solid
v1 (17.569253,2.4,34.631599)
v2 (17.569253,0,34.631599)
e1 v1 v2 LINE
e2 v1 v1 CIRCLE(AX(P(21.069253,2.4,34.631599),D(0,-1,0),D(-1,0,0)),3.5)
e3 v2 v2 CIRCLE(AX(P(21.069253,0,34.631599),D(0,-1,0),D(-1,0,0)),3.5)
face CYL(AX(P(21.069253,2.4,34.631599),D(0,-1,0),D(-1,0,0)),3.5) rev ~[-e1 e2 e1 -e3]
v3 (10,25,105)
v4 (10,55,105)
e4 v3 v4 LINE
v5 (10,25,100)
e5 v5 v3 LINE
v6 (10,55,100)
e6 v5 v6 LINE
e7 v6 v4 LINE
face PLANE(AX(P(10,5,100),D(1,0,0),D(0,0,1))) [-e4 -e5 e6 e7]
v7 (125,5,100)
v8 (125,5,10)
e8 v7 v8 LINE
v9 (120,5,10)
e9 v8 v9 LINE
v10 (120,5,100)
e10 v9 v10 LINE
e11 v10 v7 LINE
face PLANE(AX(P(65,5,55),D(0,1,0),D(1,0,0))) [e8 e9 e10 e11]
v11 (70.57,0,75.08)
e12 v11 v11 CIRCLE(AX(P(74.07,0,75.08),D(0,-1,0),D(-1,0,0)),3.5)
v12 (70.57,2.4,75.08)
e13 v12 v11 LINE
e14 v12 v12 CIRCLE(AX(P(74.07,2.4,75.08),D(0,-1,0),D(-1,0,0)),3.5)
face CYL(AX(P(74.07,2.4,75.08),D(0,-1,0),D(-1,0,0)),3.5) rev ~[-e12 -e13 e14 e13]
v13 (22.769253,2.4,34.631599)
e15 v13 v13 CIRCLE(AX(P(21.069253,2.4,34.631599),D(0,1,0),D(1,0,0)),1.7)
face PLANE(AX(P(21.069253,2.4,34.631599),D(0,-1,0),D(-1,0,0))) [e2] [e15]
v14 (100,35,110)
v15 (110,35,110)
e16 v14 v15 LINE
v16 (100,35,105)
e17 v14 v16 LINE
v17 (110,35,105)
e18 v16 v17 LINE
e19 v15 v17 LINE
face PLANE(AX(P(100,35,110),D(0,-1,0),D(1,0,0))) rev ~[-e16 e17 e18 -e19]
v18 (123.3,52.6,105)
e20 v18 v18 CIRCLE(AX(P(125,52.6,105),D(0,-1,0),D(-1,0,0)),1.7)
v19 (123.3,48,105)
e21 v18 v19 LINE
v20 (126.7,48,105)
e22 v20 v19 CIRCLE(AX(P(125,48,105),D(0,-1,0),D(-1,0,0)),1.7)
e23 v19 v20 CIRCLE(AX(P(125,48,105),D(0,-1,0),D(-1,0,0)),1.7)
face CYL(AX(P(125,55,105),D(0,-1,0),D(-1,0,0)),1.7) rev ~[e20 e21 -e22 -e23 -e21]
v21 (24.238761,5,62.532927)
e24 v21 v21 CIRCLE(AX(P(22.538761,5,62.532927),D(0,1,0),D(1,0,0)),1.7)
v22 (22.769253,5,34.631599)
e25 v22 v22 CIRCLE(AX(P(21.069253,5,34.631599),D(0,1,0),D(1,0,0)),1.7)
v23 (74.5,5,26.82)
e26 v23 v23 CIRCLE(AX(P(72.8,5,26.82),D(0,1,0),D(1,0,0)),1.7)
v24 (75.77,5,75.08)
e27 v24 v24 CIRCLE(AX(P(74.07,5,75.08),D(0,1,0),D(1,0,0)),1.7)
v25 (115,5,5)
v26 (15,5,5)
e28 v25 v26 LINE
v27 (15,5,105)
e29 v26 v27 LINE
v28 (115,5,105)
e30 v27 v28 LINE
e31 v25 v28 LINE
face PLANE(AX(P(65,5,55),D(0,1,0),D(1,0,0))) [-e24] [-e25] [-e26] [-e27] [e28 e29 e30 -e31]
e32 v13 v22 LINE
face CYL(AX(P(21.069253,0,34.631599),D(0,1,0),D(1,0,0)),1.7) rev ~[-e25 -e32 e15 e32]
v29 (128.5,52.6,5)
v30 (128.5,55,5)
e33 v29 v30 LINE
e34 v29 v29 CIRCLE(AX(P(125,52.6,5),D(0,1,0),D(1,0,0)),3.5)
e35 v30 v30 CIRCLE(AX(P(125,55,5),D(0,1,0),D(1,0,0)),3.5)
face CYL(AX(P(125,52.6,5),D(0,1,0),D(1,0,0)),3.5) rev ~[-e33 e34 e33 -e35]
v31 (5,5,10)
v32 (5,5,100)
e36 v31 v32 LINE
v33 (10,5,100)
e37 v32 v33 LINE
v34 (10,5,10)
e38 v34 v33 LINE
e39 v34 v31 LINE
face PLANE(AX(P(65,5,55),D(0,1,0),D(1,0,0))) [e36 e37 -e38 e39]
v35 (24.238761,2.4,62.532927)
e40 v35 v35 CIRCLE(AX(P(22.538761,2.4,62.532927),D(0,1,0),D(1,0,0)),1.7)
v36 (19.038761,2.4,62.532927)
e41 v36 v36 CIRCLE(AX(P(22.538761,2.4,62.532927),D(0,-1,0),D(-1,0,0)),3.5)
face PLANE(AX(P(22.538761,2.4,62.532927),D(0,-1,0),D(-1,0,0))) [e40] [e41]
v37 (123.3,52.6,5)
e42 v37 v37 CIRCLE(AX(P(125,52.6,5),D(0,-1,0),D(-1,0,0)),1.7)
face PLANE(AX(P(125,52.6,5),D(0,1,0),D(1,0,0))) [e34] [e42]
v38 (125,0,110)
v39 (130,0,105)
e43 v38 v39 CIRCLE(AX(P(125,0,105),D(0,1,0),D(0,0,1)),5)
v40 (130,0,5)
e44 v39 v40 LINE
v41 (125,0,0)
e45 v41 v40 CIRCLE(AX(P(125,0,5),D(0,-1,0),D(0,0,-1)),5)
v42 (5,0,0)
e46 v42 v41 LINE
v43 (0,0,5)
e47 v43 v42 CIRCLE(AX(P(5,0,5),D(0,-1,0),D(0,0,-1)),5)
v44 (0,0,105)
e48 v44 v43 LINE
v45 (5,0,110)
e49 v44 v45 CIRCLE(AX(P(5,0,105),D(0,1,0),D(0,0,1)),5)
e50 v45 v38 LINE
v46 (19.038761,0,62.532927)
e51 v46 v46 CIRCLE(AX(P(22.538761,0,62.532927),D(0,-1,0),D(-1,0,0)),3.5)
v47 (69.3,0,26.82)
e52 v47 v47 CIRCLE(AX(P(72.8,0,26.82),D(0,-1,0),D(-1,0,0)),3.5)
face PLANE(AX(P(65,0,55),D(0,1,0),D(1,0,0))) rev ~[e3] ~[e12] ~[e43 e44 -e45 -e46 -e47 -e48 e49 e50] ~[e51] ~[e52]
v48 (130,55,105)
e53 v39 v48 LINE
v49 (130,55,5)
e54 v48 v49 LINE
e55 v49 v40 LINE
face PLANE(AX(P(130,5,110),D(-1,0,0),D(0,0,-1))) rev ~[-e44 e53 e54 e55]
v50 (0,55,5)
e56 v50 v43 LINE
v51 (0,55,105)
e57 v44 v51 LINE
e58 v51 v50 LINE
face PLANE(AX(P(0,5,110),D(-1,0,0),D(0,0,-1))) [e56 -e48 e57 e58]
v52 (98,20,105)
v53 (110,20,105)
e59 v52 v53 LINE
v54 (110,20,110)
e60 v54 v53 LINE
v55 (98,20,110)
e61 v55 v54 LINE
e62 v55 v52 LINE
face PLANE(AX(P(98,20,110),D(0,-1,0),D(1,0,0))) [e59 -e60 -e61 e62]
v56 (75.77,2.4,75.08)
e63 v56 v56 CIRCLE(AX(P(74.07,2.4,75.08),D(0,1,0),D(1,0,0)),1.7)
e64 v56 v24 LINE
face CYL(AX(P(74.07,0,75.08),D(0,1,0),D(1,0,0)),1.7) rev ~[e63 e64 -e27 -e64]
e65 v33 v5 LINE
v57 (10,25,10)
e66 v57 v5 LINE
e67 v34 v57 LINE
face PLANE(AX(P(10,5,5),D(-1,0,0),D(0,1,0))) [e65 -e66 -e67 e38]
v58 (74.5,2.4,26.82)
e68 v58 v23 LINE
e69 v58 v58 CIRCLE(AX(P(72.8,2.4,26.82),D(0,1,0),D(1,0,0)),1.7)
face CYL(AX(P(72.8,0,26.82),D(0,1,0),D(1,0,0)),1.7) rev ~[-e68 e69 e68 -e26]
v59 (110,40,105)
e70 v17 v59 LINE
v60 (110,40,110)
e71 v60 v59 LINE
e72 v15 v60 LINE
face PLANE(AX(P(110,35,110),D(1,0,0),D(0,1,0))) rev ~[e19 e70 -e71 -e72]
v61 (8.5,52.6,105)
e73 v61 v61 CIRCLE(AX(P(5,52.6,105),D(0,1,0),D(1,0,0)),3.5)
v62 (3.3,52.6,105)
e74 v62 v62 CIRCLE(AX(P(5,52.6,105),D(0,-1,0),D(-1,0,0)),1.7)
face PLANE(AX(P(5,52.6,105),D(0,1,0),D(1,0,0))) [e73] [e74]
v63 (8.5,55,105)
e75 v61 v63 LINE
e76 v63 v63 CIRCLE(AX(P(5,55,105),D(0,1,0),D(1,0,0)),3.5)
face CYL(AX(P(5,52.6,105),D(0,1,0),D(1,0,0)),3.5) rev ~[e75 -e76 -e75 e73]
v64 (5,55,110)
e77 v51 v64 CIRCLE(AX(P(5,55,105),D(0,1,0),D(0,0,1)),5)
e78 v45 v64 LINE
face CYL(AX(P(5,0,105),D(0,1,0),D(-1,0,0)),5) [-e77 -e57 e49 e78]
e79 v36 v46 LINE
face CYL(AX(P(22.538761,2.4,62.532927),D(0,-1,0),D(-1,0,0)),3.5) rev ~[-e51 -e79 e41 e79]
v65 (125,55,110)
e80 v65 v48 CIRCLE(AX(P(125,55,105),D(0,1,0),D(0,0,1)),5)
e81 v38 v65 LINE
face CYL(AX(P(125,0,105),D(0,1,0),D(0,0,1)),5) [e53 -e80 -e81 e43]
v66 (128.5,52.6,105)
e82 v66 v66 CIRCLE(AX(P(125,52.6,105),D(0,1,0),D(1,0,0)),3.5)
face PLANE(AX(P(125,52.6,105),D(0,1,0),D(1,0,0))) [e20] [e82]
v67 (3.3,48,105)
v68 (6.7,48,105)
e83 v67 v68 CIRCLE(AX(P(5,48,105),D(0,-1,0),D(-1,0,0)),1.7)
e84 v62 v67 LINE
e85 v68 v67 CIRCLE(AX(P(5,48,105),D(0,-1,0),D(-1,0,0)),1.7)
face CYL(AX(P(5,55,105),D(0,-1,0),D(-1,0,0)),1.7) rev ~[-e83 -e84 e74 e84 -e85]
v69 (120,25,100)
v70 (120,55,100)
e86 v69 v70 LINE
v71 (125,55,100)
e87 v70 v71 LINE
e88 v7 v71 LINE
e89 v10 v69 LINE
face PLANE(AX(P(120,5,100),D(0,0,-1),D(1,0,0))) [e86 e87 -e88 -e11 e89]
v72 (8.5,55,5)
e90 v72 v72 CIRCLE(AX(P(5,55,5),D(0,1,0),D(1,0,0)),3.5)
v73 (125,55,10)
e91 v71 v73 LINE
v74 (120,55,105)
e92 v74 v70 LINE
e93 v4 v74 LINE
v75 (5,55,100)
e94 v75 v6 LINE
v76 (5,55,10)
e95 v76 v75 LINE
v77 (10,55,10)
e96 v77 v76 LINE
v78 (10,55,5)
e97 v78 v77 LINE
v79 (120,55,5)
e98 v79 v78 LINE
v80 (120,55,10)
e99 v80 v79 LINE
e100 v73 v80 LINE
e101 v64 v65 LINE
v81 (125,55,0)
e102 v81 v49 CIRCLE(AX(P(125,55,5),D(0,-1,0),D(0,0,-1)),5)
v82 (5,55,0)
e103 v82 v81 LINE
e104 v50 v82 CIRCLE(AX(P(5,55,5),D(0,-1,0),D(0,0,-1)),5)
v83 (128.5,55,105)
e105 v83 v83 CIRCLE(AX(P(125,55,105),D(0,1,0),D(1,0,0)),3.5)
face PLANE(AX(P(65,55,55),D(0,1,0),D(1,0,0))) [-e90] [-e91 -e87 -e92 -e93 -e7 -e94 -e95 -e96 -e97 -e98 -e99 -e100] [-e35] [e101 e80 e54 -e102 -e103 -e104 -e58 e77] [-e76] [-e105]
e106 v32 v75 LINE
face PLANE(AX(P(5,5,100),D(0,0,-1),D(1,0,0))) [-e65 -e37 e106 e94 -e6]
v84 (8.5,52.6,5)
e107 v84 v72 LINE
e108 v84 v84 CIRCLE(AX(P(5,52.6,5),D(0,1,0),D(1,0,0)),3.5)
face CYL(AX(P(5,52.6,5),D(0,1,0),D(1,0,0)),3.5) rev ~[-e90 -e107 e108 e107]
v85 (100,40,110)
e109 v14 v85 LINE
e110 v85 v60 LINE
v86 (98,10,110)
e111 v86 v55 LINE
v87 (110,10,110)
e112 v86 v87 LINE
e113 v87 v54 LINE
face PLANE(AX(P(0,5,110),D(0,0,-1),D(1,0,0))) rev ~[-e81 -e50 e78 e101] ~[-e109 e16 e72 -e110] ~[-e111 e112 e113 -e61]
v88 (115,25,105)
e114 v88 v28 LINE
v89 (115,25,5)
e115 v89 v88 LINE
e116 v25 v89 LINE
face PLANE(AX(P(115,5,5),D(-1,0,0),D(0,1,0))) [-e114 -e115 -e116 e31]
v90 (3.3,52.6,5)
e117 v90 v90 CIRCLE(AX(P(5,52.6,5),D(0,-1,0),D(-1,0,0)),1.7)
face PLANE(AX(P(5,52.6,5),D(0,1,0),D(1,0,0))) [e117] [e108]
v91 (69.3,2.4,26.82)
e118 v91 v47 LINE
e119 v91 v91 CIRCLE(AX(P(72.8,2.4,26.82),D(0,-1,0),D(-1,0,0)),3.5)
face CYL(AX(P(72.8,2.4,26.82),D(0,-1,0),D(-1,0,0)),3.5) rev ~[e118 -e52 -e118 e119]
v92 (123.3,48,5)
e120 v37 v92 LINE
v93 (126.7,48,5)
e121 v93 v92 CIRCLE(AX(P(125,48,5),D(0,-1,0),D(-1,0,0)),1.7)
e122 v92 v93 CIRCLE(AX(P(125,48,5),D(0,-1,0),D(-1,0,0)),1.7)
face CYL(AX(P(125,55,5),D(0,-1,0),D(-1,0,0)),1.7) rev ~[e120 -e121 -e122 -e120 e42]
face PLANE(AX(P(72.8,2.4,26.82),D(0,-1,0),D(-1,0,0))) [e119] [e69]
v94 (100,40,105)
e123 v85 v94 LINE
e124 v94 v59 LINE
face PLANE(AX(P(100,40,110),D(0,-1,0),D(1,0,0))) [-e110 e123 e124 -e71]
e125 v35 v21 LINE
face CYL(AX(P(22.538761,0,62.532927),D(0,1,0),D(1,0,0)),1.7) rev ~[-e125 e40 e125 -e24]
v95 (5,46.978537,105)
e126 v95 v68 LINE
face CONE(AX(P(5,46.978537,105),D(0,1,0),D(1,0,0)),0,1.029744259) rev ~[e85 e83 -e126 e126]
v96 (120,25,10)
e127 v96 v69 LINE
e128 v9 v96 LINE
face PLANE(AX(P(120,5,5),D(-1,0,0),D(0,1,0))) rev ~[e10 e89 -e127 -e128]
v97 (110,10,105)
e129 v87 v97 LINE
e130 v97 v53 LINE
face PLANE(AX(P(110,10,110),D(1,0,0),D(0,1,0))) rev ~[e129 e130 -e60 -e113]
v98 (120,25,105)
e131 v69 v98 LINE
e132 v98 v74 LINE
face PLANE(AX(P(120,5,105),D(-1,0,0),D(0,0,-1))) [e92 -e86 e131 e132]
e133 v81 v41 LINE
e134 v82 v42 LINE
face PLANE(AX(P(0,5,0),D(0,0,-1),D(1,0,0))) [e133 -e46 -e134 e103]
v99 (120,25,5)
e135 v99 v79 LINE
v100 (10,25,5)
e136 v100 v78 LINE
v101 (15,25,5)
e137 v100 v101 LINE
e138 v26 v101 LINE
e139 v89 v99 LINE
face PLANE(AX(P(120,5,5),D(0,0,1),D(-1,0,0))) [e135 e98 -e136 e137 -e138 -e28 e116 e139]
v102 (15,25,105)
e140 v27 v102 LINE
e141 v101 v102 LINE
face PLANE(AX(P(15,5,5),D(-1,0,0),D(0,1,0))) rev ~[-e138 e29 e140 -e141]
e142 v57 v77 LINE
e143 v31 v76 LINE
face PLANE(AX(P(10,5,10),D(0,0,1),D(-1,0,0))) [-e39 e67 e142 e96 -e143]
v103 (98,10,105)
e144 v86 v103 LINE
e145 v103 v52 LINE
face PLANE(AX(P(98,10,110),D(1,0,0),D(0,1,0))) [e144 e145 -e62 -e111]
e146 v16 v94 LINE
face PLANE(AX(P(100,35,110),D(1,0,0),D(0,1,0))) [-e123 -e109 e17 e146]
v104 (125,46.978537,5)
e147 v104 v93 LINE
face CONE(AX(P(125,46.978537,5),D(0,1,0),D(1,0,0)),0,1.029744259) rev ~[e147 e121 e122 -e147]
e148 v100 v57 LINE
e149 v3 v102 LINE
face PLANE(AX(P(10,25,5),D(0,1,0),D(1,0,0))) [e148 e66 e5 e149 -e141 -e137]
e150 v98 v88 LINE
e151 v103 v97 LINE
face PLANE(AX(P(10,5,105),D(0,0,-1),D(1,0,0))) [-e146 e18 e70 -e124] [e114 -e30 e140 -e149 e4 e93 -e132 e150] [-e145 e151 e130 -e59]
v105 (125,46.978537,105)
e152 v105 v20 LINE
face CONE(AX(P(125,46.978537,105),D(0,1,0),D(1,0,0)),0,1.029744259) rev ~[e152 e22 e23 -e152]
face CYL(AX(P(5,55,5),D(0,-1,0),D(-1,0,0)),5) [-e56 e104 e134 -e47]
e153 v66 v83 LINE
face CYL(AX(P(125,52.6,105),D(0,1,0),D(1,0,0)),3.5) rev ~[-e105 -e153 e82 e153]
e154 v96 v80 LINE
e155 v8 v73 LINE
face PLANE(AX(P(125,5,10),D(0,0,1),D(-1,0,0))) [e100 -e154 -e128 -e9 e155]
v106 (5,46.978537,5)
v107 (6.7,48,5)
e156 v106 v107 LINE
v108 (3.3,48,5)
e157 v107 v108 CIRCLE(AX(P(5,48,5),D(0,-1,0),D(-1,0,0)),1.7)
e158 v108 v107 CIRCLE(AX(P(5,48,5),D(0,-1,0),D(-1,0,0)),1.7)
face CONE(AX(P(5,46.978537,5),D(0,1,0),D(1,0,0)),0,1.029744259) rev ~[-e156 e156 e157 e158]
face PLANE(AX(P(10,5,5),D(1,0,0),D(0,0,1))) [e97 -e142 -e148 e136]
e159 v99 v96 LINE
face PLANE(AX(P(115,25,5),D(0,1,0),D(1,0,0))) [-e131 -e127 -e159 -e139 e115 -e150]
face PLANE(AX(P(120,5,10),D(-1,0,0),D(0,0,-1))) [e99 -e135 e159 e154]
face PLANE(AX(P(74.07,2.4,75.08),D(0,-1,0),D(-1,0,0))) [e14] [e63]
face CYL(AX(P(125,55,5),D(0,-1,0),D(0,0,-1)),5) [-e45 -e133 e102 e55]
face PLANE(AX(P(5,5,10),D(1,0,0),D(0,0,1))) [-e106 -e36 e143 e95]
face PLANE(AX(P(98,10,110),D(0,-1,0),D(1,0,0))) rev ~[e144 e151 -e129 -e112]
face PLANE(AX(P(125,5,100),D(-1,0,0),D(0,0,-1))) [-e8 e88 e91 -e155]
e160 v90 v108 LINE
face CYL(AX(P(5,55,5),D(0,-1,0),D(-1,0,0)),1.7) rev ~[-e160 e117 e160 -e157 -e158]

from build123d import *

# Parameters (mm, degrees)
SKETCH1_W                                        = 130
SKETCH1_H                                        = 110
BOSS_EXTRUDE1_DEPTH                              = 5
SKETCH2_W                                        = 130
SKETCH2_H                                        = 110
BOSS_EXTRUDE2_DEPTH                              = 50
CBORE_FOR_M3_PAN_HEAD_MACHINE_SCREW1_D           = 3.4
CBORE_FOR_M3_PAN_HEAD_MACHINE_SCREW1_DEPTH       = 7
CBORE_FOR_M3_PAN_HEAD_MACHINE_SCREW1_CBORE_D     = 7
CBORE_FOR_M3_PAN_HEAD_MACHINE_SCREW1_CBORE_DEPTH = 2.4
CBORE_FOR_M3_PAN_HEAD_MACHINE_SCREW1_TIP         = 1.021463052
CBORE_FOR_M3_PAN_HEAD_MACHINE_SCREW2_D           = 3.4
CBORE_FOR_M3_PAN_HEAD_MACHINE_SCREW2_DEPTH       = 7
CBORE_FOR_M3_PAN_HEAD_MACHINE_SCREW2_CBORE_D     = 7
CBORE_FOR_M3_PAN_HEAD_MACHINE_SCREW2_CBORE_DEPTH = 2.4
CBORE_FOR_M3_PAN_HEAD_MACHINE_SCREW2_TIP         = 1.021463052
BOSS_EXTRUDE3_REACH                              = 177.926
SKETCH8_W                                        = 5
SKETCH8_H                                        = 20
SKETCH9_W                                        = 5
SKETCH9_H                                        = 20
BOSS_EXTRUDE4_DEPTH                              = 100
CUT_EXTRUDE2_REACH                               = 180.955
SKETCH10_W                                       = 12
SKETCH10_H                                       = 10
CUT_EXTRUDE3_REACH                               = 180.955
SKETCH11_W                                       = 10
SKETCH11_H                                       = 5
FILLET6_R                                        = 5


with BuildPart() as part:
    # Sketch1 → Boss-Extrude1 (new body)
    with BuildSketch(Plane(origin=(0, 0, 0), x_dir=(1, 0, 0), z_dir=(0, 1, 0))):
        with Locations((65, -55)):
            Rectangle(SKETCH1_W, SKETCH1_H)
    extrude(amount=BOSS_EXTRUDE1_DEPTH)

    # Sketch2 → Boss-Extrude2 (add)
    with BuildSketch(Plane(origin=(0, 5, 0), x_dir=(1, 0, 0), z_dir=(0, 1, 0))):
        with Locations((65, -55)):
            Rectangle(SKETCH2_W, SKETCH2_H)
        Polygon((10, -105), (120, -105), (120, -100), (125, -100), (125, -10), (120, -10), (120, -5), (10, -5), (10, -10), (5, -10), (5, -100), (10, -100), align=None, mode=Mode.SUBTRACT)
    extrude(amount=BOSS_EXTRUDE2_DEPTH)

    # CBORE for M3 Pan Head Machine Screw1
    with Locations(Plane(origin=(0, 55, 0), x_dir=(1, 0, 0), z_dir=(0, 1, 0))):
        with Locations((5, -5), (125, -105), (5, -105), (125, -5)):
            CounterBoreHole(CBORE_FOR_M3_PAN_HEAD_MACHINE_SCREW1_D / 2, CBORE_FOR_M3_PAN_HEAD_MACHINE_SCREW1_CBORE_D / 2, CBORE_FOR_M3_PAN_HEAD_MACHINE_SCREW1_CBORE_DEPTH, depth=CBORE_FOR_M3_PAN_HEAD_MACHINE_SCREW1_DEPTH)
            with Locations((0, 0, -(CBORE_FOR_M3_PAN_HEAD_MACHINE_SCREW1_DEPTH + CBORE_FOR_M3_PAN_HEAD_MACHINE_SCREW1_TIP / 2))):  # 118° drill point
                Cone(0, CBORE_FOR_M3_PAN_HEAD_MACHINE_SCREW1_D / 2, CBORE_FOR_M3_PAN_HEAD_MACHINE_SCREW1_TIP, mode=Mode.SUBTRACT)

    # CBORE for M3 Pan Head Machine Screw2
    with Locations(Plane(origin=(0, 0, 0), x_dir=(-1, 0, 0), z_dir=(0, -1, 0))):
        with Locations((-74.07, -75.08), (-72.8, -26.82), (-22.538761246, -62.532927336), (-21.069252595, -34.631598616)):
            CounterBoreHole(CBORE_FOR_M3_PAN_HEAD_MACHINE_SCREW2_D / 2, CBORE_FOR_M3_PAN_HEAD_MACHINE_SCREW2_CBORE_D / 2, CBORE_FOR_M3_PAN_HEAD_MACHINE_SCREW2_CBORE_DEPTH, depth=CBORE_FOR_M3_PAN_HEAD_MACHINE_SCREW2_DEPTH)
            with Locations((0, 0, -(CBORE_FOR_M3_PAN_HEAD_MACHINE_SCREW2_DEPTH + CBORE_FOR_M3_PAN_HEAD_MACHINE_SCREW2_TIP / 2))):  # 118° drill point
                Cone(0, CBORE_FOR_M3_PAN_HEAD_MACHINE_SCREW2_D / 2, CBORE_FOR_M3_PAN_HEAD_MACHINE_SCREW2_TIP, mode=Mode.SUBTRACT)

    # Boss-Extrude3: up to this face of the body (flat: up to its plane)
    boss_extrude3_end = Plane(part.part.faces().sort_by_distance((65, 30, 105))[0])
    # Sketch8 → Boss-Extrude3 (add, up to the picked face)
    with BuildSketch(Plane.XY.offset(5), mode=Mode.PRIVATE) as boss_extrude3_sk1:
        with Locations((117.5, 15)):
            Rectangle(SKETCH8_W, SKETCH8_H)
    boss_extrude3_tool1 = split(extrude(boss_extrude3_sk1.sketch, amount=BOSS_EXTRUDE3_REACH, mode=Mode.PRIVATE), bisect_by=boss_extrude3_end, keep=Keep.BOTH, mode=Mode.PRIVATE)
    add(boss_extrude3_tool1.solids().sort_by(Axis((117.5, 15, 5), (0, 0, 1)))[0])

    # Sketch9 → Boss-Extrude4 (add)
    with BuildSketch(Plane.XY.offset(5)):
        with Locations((12.5, 15)):
            Rectangle(SKETCH9_W, SKETCH9_H)
    extrude(amount=BOSS_EXTRUDE4_DEPTH)

    # Sketch10 → Cut-Extrude2 (cut, up to next)
    with BuildSketch(Plane.XY.offset(110), mode=Mode.PRIVATE) as cut_extrude2_sk1:
        with Locations((104, 15)):
            Rectangle(SKETCH10_W, SKETCH10_H)
    cut_extrude2_tool1 = extrude(cut_extrude2_sk1.sketch, amount=-CUT_EXTRUDE2_REACH, mode=Mode.PRIVATE) & part.part
    add(cut_extrude2_tool1.solids().sort_by_distance((104, 15, 110))[0], mode=Mode.SUBTRACT)

    # Sketch11 → Cut-Extrude3 (cut, up to next)
    with BuildSketch(Plane.XY.offset(110), mode=Mode.PRIVATE) as cut_extrude3_sk1:
        with Locations((105, 37.5)):
            Rectangle(SKETCH11_W, SKETCH11_H)
    cut_extrude3_tool1 = extrude(cut_extrude3_sk1.sketch, amount=-CUT_EXTRUDE3_REACH, mode=Mode.PRIVATE) & part.part
    add(cut_extrude3_tool1.solids().sort_by_distance((105, 37.5, 110))[0], mode=Mode.SUBTRACT)

    # Fillet6
    fillet6_edges = [part.edges().sort_by_distance(p)[0] for p in [
        (0, 27.5, 0),
        (130, 27.5, 0),
        (130, 27.5, 110),
        (0, 27.5, 110),
    ]]
    fillet(fillet6_edges, radius=FILLET6_R)


solid = part.part
